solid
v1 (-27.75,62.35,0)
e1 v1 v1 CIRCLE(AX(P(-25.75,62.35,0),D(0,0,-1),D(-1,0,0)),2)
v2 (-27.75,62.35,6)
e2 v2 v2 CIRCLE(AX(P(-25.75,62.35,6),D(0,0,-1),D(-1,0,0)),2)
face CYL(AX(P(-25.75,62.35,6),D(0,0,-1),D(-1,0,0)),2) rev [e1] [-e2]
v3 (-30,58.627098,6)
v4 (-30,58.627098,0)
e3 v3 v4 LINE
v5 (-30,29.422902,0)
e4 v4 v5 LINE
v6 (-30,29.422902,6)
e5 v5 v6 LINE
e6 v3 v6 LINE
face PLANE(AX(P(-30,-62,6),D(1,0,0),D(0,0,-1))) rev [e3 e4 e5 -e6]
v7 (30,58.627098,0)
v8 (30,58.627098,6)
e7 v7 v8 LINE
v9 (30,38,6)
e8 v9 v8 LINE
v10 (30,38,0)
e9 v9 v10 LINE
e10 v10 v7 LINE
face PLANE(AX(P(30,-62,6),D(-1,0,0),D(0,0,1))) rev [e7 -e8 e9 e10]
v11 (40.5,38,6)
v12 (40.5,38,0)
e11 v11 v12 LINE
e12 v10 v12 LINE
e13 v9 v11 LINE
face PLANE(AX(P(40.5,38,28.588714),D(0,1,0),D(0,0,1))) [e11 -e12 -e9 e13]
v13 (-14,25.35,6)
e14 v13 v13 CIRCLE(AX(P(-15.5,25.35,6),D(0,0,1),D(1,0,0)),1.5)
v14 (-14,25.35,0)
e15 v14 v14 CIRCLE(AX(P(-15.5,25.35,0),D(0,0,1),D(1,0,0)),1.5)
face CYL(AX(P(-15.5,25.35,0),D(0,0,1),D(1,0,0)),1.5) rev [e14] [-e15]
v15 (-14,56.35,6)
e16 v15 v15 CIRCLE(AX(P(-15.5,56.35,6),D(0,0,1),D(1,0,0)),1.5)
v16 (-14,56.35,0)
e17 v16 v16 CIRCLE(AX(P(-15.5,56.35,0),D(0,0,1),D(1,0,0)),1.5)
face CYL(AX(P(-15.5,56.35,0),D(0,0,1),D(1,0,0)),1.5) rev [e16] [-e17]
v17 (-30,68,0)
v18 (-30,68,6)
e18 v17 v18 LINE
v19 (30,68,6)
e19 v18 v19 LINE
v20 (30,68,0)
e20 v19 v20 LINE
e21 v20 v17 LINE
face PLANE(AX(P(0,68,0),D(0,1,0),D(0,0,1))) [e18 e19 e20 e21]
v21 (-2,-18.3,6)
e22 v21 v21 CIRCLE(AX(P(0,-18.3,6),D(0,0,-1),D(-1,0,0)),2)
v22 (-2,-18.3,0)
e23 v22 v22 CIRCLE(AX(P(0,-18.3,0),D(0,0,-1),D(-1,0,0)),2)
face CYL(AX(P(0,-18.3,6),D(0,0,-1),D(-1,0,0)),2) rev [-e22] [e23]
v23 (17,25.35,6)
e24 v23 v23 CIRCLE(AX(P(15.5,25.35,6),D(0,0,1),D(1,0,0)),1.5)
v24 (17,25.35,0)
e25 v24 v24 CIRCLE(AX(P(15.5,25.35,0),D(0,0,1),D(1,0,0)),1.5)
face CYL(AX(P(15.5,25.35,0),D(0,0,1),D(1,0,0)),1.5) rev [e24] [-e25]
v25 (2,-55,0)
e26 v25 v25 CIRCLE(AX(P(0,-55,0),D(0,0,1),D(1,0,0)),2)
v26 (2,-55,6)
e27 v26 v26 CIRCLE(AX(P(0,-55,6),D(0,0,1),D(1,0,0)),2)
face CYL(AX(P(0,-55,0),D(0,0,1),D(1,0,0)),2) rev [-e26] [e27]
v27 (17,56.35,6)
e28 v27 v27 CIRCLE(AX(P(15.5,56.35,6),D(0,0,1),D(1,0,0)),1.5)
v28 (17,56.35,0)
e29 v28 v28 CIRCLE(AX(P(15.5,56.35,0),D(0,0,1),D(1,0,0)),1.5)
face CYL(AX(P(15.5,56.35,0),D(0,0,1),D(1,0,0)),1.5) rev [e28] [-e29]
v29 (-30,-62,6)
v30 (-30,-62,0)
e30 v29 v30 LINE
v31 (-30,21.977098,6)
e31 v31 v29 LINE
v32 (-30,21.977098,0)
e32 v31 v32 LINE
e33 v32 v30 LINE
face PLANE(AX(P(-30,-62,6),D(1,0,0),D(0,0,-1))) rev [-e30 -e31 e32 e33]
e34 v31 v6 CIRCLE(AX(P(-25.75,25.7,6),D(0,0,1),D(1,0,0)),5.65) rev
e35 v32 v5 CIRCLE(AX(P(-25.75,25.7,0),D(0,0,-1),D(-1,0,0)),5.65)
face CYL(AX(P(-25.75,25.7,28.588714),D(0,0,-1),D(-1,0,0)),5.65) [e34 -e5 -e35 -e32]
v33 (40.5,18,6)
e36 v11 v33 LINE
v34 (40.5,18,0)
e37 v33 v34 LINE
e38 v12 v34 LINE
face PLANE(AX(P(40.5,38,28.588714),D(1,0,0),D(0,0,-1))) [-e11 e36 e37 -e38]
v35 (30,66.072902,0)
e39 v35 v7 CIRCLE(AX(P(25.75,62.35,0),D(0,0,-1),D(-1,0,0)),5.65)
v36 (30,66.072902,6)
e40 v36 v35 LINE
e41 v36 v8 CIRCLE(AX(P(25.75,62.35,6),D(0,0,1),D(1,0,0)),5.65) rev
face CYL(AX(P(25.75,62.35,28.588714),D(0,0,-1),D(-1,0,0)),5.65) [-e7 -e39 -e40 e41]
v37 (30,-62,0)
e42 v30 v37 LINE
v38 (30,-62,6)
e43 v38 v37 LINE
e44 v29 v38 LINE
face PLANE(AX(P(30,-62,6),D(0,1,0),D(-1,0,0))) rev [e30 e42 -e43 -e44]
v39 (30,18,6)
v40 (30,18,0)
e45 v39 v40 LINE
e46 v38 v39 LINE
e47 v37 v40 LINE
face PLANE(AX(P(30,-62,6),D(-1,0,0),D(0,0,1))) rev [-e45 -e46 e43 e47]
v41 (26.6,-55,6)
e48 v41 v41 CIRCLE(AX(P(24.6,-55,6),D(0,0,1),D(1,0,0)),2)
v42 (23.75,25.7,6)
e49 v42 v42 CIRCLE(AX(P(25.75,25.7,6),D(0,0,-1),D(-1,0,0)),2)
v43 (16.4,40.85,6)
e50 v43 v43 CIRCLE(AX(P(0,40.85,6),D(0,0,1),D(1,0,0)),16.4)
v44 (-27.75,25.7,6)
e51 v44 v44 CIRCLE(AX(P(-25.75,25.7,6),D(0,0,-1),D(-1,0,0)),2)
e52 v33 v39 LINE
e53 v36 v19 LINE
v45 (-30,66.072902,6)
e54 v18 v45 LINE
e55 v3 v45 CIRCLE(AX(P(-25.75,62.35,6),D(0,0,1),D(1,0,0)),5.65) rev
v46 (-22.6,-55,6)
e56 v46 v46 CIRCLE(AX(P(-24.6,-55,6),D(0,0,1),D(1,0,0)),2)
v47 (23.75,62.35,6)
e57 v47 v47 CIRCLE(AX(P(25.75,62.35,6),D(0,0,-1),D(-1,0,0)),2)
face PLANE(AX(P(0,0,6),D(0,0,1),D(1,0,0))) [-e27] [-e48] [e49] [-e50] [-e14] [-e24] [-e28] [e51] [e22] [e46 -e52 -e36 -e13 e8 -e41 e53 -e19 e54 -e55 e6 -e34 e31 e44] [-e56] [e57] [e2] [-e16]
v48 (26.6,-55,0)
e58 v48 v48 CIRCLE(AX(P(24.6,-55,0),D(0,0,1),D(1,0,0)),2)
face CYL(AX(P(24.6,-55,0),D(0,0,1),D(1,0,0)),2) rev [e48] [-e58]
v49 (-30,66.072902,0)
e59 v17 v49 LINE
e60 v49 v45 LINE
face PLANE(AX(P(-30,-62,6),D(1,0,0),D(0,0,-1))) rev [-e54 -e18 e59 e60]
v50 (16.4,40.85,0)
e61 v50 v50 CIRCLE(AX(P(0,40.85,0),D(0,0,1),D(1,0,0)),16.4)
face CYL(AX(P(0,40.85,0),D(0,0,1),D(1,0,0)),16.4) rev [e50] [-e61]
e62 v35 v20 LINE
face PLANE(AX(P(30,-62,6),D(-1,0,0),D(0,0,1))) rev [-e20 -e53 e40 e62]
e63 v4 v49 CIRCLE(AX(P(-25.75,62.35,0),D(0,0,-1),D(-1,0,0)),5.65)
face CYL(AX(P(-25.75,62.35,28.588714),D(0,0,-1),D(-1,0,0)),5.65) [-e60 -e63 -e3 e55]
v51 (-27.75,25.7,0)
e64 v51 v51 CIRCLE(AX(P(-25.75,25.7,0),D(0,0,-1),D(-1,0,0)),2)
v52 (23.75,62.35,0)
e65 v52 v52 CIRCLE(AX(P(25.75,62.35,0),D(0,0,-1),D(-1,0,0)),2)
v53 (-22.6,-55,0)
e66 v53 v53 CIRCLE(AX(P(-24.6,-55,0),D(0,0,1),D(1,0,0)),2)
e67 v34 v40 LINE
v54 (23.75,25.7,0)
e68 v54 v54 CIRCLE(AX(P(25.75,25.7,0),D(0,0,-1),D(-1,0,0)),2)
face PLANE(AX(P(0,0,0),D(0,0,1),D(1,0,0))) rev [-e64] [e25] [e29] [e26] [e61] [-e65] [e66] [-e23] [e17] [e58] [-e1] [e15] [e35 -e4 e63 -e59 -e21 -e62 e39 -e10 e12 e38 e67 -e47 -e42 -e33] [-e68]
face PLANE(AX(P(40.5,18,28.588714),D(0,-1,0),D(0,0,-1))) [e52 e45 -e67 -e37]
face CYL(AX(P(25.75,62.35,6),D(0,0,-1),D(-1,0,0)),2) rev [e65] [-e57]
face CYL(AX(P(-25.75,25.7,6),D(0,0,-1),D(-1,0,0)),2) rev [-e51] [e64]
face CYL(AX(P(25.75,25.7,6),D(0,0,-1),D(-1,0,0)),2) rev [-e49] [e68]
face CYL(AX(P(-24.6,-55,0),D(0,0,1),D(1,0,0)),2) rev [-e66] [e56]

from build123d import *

# Parameters (mm, degrees)
SKETCH_1_W          = 60
SKETCH_1_H          = 124
EXTRUDE_1_DEPTH     = 6
SKETCH_2_R          = 16.4
SKETCH_2_R_2        = 1.5
CUT_EXTRUDE_1_DEPTH = 7
SKETCH_4_R          = 2
CUT_EXTRUDE_2_DEPTH = 7
SKETCH_5_W          = 60
SKETCH_5_H          = 6
EXTRUDE_2_DEPTH     = 6
SKETCH_6_R          = 2
CUT_EXTRUDE_3_DEPTH = 7
SKETCH_7_R          = 5.65
SKETCH_7_R_2        = 2
SKETCH_7_W          = 10.5
SKETCH_7_H          = 20
EXTRUDE_3_DEPTH     = 6


with BuildPart() as part:
    # Эскиз1 → Бобышка-Вытянуть1 (new body)
    with BuildSketch(Plane.XY):
        Rectangle(SKETCH_1_W, SKETCH_1_H)
    extrude(amount=EXTRUDE_1_DEPTH)

    # Эскиз2 → Вырез-Вытянуть1 (cut, through all)
    with BuildSketch(Plane.XY.offset(6)):
        with Locations((0, 40.85)):
            Circle(SKETCH_2_R)
        with Locations((-15.5, 56.35)):
            Circle(SKETCH_2_R_2)
        with Locations((15.5, 56.35)):
            Circle(SKETCH_2_R_2)
        with Locations((15.5, 25.35)):
            Circle(SKETCH_2_R_2)
        with Locations((-15.5, 25.35)):
            Circle(SKETCH_2_R_2)
    extrude(amount=-CUT_EXTRUDE_1_DEPTH, mode=Mode.SUBTRACT)

    # Эскиз4 → Вырез-Вытянуть2 (cut, through all)
    with BuildSketch(Plane.XY.offset(6)):
        with Locations((-24.6, -55)):
            Circle(SKETCH_4_R)
        with Locations((0, -55)):
            Circle(SKETCH_4_R)
        with Locations((24.6, -55)):
            Circle(SKETCH_4_R)
    extrude(amount=-CUT_EXTRUDE_2_DEPTH, mode=Mode.SUBTRACT)

    # Эскиз5 → Бобышка-Вытянуть2 (add)
    with BuildSketch(Plane(origin=(0, 62, 0), x_dir=(1, 0, 0), z_dir=(0, 1, 0))):
        with Locations((0, -3)):
            Rectangle(SKETCH_5_W, SKETCH_5_H)
    extrude(amount=EXTRUDE_2_DEPTH)

    # Эскиз6 → Вырез-Вытянуть3 (cut, through all)
    with BuildSketch(Plane(origin=(0, 0, 0), x_dir=(-1, 0, 0), z_dir=(0, 0, -1))):
        with Locations((-25.75, 62.35)):
            Circle(SKETCH_6_R)
        with Locations((25.75, 62.35)):
            Circle(SKETCH_6_R)
        with Locations((25.75, 25.7)):
            Circle(SKETCH_6_R)
        with Locations((-25.75, 25.7)):
            Circle(SKETCH_6_R)
        with Locations((0, -18.3)):
            Circle(SKETCH_6_R)
    extrude(amount=-CUT_EXTRUDE_3_DEPTH, mode=Mode.SUBTRACT)

    # Эскиз7 → Бобышка-Вытянуть3 (add)
    with BuildSketch(Plane(origin=(0, 0, 0), x_dir=(-1, 0, 0), z_dir=(0, 0, -1))):
        with Locations((-25.75, 62.35)):
            Circle(SKETCH_7_R)
        with Locations((-25.75, 62.35)):
            Circle(SKETCH_7_R_2, mode=Mode.SUBTRACT)
        with Locations((25.75, 62.35)):
            Circle(SKETCH_7_R)
        with Locations((25.75, 62.35)):
            Circle(SKETCH_7_R_2, mode=Mode.SUBTRACT)
        with Locations((25.75, 25.7)):
            Circle(SKETCH_7_R)
        with Locations((25.75, 25.7)):
            Circle(SKETCH_7_R_2, mode=Mode.SUBTRACT)
        with Locations((-35.25, 28)):
            Rectangle(SKETCH_7_W, SKETCH_7_H)
    extrude(amount=-EXTRUDE_3_DEPTH)


solid = part.part
